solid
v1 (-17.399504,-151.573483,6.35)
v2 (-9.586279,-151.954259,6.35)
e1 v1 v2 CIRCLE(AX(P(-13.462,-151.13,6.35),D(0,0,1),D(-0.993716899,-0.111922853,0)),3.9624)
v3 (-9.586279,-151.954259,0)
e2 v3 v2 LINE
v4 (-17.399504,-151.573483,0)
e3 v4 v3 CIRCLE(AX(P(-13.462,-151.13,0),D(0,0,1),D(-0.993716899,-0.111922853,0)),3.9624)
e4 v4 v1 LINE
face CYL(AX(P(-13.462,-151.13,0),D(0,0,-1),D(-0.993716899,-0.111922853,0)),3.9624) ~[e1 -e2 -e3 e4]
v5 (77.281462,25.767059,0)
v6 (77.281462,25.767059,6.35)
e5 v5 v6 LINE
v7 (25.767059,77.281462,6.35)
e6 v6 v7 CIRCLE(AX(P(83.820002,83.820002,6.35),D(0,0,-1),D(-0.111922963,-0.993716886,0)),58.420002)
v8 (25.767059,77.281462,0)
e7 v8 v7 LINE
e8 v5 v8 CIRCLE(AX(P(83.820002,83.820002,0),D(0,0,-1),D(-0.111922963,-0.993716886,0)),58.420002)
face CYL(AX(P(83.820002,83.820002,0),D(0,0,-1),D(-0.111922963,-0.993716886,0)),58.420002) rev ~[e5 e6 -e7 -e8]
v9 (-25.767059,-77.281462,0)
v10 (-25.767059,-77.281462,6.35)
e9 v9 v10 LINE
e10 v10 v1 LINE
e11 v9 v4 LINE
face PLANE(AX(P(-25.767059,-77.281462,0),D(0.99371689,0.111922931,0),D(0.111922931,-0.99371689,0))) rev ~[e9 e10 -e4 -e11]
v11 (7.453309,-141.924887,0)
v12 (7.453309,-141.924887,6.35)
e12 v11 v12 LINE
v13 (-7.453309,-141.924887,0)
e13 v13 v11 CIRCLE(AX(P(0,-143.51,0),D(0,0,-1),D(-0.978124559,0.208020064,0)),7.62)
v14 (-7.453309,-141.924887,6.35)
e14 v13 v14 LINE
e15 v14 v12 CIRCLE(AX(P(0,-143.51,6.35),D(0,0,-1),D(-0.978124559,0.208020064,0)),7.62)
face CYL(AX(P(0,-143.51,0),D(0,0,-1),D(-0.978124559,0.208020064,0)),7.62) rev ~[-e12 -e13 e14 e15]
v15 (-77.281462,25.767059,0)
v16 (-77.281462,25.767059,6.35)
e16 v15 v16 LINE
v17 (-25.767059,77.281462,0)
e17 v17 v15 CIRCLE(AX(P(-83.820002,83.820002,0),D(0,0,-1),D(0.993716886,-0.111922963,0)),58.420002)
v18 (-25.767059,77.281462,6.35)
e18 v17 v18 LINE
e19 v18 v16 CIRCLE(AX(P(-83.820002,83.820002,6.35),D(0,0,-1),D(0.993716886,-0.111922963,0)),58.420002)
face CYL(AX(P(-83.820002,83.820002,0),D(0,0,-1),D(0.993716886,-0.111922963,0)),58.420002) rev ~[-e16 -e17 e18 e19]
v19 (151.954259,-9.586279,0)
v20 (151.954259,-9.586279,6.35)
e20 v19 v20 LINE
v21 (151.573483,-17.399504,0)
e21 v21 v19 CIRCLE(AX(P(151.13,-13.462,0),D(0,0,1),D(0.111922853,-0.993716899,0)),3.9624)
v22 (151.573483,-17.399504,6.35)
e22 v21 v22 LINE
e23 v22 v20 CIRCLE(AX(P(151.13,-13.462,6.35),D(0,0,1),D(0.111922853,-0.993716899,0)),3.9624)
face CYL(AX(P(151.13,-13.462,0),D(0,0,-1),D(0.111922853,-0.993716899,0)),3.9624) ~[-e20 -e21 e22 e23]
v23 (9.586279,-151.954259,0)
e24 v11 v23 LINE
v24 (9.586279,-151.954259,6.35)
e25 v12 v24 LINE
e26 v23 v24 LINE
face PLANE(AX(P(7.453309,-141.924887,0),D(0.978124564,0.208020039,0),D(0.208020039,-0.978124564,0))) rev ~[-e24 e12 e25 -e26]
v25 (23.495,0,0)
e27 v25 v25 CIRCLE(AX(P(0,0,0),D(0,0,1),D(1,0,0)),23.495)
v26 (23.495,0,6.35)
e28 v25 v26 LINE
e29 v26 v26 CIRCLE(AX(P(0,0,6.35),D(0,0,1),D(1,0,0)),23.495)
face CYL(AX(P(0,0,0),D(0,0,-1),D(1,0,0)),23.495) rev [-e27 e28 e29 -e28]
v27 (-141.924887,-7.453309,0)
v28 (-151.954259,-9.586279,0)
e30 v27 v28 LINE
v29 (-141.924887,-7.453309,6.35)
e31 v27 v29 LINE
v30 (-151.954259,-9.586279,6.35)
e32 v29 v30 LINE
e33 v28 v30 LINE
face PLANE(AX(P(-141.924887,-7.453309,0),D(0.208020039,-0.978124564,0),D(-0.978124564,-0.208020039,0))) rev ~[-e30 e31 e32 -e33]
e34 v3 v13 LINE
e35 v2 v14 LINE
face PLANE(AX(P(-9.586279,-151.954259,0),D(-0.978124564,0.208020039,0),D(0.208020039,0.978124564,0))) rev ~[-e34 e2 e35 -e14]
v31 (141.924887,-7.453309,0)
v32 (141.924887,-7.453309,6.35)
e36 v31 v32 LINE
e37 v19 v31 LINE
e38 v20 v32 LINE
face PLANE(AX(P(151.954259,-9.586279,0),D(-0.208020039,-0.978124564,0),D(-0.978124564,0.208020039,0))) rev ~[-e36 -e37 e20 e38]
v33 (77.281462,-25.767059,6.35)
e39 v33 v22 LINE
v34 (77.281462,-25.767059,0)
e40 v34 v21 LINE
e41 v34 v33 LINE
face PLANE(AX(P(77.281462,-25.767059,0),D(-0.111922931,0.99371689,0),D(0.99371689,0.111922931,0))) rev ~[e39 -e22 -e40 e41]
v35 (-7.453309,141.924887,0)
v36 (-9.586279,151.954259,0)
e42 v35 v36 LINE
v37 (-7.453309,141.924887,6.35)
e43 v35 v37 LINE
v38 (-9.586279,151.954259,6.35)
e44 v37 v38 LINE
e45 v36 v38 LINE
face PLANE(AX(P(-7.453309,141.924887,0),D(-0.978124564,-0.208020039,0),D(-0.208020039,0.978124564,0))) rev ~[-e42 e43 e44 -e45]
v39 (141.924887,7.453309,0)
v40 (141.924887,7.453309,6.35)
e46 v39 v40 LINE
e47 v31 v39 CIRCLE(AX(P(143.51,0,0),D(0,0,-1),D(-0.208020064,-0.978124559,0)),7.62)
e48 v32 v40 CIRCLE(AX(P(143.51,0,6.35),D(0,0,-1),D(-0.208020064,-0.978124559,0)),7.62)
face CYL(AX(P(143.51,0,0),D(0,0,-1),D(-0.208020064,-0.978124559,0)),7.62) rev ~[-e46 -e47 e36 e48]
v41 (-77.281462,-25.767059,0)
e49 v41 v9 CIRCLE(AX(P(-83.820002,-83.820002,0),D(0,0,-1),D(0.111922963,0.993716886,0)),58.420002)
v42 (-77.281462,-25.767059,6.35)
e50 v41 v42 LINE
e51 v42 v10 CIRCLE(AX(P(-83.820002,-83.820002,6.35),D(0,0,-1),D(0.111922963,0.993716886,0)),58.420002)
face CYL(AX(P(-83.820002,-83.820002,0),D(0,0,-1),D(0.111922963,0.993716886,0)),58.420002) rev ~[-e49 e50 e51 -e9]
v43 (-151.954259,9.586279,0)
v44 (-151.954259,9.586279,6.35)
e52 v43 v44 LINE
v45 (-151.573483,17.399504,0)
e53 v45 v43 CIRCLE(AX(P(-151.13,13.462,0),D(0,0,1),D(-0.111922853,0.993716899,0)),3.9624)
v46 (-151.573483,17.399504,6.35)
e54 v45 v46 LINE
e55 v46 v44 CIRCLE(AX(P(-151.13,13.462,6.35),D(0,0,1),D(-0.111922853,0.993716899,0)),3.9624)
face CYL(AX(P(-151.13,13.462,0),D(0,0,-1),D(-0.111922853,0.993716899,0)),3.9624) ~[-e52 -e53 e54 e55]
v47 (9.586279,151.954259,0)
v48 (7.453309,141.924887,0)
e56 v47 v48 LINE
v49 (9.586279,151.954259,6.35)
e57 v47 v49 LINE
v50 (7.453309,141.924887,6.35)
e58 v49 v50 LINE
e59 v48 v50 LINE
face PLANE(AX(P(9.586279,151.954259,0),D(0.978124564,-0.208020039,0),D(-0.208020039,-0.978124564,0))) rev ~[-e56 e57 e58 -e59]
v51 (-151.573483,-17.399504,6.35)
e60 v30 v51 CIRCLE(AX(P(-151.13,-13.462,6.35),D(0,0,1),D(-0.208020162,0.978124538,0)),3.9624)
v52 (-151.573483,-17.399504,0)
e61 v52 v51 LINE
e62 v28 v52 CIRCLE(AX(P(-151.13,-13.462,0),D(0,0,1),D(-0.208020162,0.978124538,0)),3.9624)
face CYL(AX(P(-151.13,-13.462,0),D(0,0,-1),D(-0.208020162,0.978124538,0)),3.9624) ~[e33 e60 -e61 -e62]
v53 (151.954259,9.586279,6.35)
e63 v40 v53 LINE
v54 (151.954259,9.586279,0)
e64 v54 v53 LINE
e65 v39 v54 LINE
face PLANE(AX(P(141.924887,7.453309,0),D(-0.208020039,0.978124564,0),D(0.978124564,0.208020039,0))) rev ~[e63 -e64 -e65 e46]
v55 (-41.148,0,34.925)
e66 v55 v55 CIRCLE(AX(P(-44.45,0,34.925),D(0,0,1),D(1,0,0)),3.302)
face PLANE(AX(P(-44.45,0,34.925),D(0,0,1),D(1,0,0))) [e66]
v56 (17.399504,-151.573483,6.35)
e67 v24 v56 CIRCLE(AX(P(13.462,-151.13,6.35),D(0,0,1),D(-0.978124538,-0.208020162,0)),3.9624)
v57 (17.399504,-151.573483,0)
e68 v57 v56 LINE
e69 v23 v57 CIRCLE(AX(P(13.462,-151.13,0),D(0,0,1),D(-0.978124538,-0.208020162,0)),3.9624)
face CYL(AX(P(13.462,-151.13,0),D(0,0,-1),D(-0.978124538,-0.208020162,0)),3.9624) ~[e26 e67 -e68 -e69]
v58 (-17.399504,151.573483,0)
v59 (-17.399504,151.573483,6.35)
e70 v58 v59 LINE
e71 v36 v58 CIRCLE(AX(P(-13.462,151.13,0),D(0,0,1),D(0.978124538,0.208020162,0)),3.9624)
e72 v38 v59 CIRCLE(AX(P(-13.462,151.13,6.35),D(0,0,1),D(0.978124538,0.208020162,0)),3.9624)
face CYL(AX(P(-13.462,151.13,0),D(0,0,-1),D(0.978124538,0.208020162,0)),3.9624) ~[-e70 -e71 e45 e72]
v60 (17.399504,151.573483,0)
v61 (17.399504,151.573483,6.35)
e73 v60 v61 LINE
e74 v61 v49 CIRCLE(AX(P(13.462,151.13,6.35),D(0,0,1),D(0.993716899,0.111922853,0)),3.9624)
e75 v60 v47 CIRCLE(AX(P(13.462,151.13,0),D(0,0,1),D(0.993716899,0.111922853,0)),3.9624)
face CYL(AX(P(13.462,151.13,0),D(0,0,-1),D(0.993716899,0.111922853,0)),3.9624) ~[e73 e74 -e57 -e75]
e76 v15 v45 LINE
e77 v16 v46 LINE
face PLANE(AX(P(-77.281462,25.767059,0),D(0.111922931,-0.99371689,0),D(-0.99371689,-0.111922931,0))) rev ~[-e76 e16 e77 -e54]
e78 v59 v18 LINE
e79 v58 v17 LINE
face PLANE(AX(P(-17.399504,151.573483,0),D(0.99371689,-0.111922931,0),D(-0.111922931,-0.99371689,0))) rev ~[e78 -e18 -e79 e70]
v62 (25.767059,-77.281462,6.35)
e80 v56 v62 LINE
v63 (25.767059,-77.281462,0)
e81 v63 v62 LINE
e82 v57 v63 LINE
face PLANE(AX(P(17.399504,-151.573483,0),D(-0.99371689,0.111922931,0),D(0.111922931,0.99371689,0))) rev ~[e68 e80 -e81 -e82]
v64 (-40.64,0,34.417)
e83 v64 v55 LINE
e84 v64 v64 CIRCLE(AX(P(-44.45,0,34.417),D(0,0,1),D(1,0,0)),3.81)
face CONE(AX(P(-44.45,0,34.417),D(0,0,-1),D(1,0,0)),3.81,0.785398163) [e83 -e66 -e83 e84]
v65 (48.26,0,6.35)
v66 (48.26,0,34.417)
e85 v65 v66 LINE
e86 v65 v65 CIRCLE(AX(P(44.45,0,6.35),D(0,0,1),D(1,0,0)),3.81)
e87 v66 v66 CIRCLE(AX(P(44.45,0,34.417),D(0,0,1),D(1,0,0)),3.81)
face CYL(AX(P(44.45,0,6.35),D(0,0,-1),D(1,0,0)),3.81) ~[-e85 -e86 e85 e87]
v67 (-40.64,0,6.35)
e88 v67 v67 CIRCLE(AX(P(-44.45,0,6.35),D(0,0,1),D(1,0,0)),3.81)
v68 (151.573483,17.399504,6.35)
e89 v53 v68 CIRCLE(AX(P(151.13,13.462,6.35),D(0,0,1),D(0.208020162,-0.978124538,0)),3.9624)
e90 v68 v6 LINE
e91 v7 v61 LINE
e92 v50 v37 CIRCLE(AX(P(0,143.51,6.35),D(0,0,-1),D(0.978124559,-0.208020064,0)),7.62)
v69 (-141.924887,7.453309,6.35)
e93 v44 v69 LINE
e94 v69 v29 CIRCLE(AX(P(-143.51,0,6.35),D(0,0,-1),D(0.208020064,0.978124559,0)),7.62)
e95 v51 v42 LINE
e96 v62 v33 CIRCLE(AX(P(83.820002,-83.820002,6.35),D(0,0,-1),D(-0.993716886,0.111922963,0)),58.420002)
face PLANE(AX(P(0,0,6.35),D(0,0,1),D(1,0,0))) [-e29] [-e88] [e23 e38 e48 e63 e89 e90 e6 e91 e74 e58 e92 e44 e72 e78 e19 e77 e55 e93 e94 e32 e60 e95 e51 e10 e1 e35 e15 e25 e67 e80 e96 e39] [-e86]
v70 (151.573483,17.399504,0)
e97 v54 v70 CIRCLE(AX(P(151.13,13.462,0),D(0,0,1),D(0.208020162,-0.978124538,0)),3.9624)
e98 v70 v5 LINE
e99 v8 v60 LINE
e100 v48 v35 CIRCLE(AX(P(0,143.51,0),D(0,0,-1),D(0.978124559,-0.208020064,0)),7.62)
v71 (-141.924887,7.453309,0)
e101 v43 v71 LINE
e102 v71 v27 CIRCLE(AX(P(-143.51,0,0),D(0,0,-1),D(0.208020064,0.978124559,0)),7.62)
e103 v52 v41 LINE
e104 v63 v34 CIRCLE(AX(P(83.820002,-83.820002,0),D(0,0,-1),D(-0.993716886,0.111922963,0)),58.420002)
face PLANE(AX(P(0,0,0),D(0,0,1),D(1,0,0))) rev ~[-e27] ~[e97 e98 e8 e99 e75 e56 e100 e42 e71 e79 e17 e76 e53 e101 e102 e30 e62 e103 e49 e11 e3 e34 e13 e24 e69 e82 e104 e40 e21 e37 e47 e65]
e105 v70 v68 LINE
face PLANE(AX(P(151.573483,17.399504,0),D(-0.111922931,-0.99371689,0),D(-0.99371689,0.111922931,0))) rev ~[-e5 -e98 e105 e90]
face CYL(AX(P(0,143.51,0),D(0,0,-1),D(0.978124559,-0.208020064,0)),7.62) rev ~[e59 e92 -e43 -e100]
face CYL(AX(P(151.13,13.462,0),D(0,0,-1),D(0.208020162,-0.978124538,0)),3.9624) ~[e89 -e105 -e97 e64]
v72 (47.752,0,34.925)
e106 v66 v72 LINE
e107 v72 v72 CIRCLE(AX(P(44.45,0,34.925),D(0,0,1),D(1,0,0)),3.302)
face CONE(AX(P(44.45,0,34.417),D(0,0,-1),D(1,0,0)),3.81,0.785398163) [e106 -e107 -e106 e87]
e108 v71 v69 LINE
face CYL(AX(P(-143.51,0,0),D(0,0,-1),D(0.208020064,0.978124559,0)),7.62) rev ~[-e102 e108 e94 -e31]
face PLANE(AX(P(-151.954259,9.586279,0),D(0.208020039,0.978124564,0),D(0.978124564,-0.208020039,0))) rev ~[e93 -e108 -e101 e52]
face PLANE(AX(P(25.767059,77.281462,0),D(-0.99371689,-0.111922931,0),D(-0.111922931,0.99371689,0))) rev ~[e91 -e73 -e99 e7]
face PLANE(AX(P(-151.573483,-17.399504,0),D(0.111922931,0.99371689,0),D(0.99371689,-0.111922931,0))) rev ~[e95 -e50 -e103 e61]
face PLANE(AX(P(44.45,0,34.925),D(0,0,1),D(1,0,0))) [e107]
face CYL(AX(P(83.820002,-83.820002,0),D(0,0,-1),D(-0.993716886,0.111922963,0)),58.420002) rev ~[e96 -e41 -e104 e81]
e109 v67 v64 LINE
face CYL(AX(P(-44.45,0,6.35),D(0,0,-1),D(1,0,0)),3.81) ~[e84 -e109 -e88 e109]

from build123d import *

# Parameters (mm, degrees)
F0_R     = 23.495
F1_DEPTH = 6.35
F2_R     = 3.81
F3_DEPTH = 28.575
F4_SIZE  = 0.508


with BuildPart() as f1:
    # F0 (on Top) → F1 (new body)
    with BuildSketch(Plane.XY):
        with BuildLine():
            ThreePointArc((-141.924887, 7.453309), (-135.89, 0), (-141.924887, -7.453309))
            Line((-141.924887, -7.453309), (-151.954259, -9.586279))
            ThreePointArc((-151.954259, -9.586279), (-155.087703, -13.654877), (-151.573483, -17.399504))
            Line((-151.573483, -17.399504), (-77.281462, -25.767059))
            ThreePointArc((-77.281462, -25.767059), (-42.510822, -42.510822), (-25.767059, -77.281462))
            Line((-25.767059, -77.281462), (-17.399504, -151.573483))
            ThreePointArc((-17.399504, -151.573483), (-13.654877, -155.087703), (-9.586279, -151.954259))
            Line((-9.586279, -151.954259), (-7.453309, -141.924887))
            ThreePointArc((-7.453309, -141.924887), (0, -135.89), (7.453309, -141.924887))
            Line((7.453309, -141.924887), (9.586279, -151.954259))
            ThreePointArc((9.586279, -151.954259), (13.654877, -155.087703), (17.399504, -151.573483))
            Line((17.399504, -151.573483), (25.767059, -77.281462))
            ThreePointArc((25.767059, -77.281462), (42.510822, -42.510822), (77.281462, -25.767059))
            Line((77.281462, -25.767059), (151.573483, -17.399504))
            ThreePointArc((151.573483, -17.399504), (155.087703, -13.654877), (151.954259, -9.586279))
            Line((151.954259, -9.586279), (141.924887, -7.453309))
            ThreePointArc((141.924887, -7.453309), (135.89, 0), (141.924887, 7.453309))
            Line((141.924887, 7.453309), (151.954259, 9.586279))
            ThreePointArc((151.954259, 9.586279), (155.087703, 13.654877), (151.573483, 17.399504))
            Line((151.573483, 17.399504), (77.281462, 25.767059))
            ThreePointArc((77.281462, 25.767059), (42.510822, 42.510822), (25.767059, 77.281462))
            Line((25.767059, 77.281462), (17.399504, 151.573483))
            ThreePointArc((17.399504, 151.573483), (13.654877, 155.087703), (9.586279, 151.954259))
            Line((9.586279, 151.954259), (7.453309, 141.924887))
            ThreePointArc((7.453309, 141.924887), (0, 135.89), (-7.453309, 141.924887))
            Line((-7.453309, 141.924887), (-9.586279, 151.954259))
            ThreePointArc((-9.586279, 151.954259), (-13.654877, 155.087703), (-17.399504, 151.573483))
            Line((-17.399504, 151.573483), (-25.767059, 77.281462))
            ThreePointArc((-25.767059, 77.281462), (-42.510822, 42.510822), (-77.281462, 25.767059))
            Line((-77.281462, 25.767059), (-151.573483, 17.399504))
            ThreePointArc((-151.573483, 17.399504), (-155.087703, 13.654877), (-151.954259, 9.586279))
            Line((-151.954259, 9.586279), (-141.924887, 7.453309))
        make_face()
        Circle(F0_R, mode=Mode.SUBTRACT)
    extrude(amount=F1_DEPTH)

    # F2 (on face) → F3 (join)
    with BuildSketch(Plane.XY.offset(6.35)):
        with Locations((-44.45, 0)):
            Circle(F2_R)
        with Locations((44.45, 0)):
            Circle(F2_R)
    extrude(amount=F3_DEPTH)

    # F4
    f4_edges = [f1.edges().sort_by_distance(p)[0] for p in [
        (-48.26, 0, 34.925),
        (40.64, 0, 34.925),
    ]]
    chamfer(f4_edges, length=F4_SIZE)


solid = f1.part
